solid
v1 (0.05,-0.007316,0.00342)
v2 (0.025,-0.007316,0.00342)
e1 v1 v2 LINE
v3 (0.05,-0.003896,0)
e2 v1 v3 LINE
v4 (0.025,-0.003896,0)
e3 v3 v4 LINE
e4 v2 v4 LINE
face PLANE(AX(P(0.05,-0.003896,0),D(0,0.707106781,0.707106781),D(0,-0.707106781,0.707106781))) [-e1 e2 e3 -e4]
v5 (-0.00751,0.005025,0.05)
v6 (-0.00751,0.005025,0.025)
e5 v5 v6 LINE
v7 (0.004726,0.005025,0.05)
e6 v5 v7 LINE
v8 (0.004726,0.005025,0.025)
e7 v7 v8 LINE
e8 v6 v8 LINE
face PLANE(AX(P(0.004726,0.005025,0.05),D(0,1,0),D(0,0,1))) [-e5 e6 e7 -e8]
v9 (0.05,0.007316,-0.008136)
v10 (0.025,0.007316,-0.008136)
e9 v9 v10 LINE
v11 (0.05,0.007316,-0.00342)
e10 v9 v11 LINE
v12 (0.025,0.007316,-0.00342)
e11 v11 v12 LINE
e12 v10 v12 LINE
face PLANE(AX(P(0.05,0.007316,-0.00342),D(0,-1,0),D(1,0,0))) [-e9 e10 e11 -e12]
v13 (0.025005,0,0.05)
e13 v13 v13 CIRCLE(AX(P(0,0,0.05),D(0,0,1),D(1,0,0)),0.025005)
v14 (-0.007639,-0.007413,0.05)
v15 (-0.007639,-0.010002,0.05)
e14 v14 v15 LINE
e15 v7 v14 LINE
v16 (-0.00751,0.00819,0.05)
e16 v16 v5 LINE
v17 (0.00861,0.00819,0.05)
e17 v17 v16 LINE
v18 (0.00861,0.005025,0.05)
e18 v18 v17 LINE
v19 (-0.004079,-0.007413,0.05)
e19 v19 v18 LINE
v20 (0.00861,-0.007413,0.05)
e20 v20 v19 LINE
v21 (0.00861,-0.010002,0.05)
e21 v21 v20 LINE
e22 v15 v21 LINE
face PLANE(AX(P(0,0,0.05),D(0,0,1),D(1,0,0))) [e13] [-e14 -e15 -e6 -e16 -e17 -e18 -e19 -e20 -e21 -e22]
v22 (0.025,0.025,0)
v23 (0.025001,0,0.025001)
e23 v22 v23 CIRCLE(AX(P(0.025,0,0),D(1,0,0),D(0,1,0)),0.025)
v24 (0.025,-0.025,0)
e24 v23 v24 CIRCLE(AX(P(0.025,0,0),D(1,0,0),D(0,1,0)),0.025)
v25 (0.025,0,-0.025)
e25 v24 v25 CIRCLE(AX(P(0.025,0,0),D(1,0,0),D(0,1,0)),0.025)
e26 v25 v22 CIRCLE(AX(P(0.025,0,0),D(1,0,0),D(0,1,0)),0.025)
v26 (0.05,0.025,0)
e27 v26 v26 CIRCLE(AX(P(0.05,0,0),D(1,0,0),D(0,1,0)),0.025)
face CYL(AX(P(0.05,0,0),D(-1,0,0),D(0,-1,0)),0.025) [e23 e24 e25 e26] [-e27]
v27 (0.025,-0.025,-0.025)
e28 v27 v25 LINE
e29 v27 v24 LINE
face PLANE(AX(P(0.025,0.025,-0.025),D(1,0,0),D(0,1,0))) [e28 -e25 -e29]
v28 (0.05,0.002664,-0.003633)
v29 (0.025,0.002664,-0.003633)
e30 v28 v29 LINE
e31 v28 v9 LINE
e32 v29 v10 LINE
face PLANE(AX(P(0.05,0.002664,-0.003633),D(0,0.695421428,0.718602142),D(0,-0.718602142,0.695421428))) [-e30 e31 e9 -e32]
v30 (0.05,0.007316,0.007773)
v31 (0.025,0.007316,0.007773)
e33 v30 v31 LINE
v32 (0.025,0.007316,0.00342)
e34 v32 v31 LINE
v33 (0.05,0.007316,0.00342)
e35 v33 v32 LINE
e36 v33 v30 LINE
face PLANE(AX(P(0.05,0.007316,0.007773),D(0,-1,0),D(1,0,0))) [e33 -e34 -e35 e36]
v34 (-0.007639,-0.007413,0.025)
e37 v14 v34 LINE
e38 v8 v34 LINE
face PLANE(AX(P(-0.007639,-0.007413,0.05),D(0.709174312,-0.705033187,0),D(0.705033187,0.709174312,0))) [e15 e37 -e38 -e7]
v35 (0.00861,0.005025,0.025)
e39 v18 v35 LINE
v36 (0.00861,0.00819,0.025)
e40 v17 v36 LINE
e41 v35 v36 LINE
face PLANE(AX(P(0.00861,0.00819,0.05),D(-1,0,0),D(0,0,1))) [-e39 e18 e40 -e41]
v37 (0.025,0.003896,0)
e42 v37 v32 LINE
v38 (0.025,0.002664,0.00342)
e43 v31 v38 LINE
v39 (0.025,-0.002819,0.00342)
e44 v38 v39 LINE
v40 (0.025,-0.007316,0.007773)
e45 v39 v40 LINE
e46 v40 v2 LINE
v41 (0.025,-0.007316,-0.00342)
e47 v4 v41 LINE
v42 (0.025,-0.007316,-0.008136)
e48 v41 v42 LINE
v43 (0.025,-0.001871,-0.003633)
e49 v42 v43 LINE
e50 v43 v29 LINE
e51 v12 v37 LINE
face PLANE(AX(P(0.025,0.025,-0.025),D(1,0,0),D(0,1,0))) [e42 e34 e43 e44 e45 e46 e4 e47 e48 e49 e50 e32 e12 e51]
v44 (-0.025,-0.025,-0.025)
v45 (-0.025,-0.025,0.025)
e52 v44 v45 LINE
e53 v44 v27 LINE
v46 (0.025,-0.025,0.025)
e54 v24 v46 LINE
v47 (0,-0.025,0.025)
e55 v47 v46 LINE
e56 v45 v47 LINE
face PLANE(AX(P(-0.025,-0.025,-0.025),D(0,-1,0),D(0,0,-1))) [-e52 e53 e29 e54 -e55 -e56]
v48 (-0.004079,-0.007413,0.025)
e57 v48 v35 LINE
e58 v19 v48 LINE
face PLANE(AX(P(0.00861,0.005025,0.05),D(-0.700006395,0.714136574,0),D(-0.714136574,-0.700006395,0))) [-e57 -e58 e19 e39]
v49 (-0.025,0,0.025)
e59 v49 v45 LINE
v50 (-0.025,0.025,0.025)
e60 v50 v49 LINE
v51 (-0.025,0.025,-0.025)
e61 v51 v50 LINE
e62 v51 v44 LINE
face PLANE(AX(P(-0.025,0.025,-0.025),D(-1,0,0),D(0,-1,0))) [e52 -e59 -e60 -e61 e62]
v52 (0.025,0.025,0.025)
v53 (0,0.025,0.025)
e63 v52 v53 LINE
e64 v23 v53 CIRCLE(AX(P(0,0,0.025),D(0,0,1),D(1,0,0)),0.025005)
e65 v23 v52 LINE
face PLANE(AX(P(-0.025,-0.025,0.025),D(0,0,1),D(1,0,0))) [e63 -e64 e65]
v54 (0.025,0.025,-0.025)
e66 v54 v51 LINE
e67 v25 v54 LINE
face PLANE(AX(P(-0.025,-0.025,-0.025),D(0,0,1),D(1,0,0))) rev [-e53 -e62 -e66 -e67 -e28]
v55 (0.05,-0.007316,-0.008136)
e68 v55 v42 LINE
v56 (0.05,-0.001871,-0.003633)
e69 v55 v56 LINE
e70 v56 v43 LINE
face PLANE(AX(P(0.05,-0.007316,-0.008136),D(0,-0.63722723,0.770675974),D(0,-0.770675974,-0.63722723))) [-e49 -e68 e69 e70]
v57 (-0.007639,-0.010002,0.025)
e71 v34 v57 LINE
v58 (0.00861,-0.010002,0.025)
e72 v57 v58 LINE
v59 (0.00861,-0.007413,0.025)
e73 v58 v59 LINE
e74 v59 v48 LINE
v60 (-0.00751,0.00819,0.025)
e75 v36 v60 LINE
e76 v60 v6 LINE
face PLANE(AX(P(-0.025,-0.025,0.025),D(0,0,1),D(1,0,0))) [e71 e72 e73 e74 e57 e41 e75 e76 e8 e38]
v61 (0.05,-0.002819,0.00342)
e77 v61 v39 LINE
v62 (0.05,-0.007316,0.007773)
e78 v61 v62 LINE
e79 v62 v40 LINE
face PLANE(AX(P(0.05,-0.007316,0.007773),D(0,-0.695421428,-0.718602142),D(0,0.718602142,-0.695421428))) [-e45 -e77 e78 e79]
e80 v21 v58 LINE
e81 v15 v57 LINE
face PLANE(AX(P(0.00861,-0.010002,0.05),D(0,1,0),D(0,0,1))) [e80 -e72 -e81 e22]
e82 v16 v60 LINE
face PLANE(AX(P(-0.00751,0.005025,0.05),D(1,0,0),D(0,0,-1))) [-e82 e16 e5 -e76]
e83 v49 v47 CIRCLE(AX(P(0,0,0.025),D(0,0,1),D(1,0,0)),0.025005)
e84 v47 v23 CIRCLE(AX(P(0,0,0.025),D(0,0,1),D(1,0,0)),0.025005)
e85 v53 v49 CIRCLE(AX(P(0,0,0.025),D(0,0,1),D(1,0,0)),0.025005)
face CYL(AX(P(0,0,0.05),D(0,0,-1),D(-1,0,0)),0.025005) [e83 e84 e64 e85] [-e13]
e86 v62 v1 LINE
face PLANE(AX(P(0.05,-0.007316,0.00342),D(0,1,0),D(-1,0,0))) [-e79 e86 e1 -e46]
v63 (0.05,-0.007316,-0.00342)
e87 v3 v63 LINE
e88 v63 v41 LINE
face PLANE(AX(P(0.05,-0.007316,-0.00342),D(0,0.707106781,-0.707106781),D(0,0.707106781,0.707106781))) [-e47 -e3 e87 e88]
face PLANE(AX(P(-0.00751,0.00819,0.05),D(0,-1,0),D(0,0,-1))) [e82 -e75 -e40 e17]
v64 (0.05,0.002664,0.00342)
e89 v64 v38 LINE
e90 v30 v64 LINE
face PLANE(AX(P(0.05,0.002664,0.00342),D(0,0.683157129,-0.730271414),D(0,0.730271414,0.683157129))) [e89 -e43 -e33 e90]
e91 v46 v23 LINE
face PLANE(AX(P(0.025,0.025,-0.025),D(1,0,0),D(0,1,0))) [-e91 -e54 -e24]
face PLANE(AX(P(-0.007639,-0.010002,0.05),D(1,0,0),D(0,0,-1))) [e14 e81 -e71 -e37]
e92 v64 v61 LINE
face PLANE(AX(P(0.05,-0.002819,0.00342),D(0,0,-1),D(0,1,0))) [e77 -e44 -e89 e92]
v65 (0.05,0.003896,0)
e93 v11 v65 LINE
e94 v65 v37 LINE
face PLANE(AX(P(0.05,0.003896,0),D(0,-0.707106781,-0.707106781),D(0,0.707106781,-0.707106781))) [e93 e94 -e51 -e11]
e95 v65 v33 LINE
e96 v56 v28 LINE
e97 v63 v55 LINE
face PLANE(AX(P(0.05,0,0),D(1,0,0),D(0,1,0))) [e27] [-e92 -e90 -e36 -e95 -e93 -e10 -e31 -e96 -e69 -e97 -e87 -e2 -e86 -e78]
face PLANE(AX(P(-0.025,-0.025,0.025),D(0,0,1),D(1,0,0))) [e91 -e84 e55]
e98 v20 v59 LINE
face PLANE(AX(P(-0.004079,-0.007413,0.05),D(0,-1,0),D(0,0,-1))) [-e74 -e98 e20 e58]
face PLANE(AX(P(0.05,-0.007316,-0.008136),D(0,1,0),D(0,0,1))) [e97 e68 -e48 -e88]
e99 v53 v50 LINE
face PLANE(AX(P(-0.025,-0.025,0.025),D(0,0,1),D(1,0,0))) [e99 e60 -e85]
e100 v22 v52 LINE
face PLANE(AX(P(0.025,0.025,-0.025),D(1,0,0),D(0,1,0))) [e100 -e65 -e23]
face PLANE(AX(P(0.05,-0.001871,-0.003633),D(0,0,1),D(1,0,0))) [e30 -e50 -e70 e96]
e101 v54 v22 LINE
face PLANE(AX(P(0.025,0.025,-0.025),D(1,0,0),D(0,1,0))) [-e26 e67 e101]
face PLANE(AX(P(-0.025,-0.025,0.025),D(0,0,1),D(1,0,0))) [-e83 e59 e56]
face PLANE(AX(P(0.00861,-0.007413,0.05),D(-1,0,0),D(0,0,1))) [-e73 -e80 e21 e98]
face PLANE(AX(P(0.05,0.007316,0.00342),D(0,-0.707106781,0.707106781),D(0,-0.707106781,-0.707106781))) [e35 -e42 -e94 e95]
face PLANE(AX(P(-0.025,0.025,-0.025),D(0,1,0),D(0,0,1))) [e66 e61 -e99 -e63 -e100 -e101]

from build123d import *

# Parameters (mm, degrees)
EXTRUDE1_DEPTH      = 0.025
EXTRUDE1_DEPTH_BACK = 0.025
SKETCH1_W           = 0.05
SKETCH1_H           = 0.05
SKETCH3_R           = 0.025004715
EXTRUDE2_DEPTH      = 0.025
SKETCH4_R           = 0.025
EXTRUDE3_DEPTH      = 0.025


with BuildPart() as part:
    # Sketch1 → Extrude1 (new, two sides: drawn at the far end of the back side and taken through both)
    with BuildSketch(Plane.XY.offset(-EXTRUDE1_DEPTH_BACK)):
        Rectangle(SKETCH1_W, SKETCH1_H)
    extrude(amount=EXTRUDE1_DEPTH + EXTRUDE1_DEPTH_BACK)

    # Sketch3 → Extrude2 (add)
    with BuildSketch(Plane.XY.offset(0.025)):
        Circle(SKETCH3_R)
        Polygon((-0.007509787, 0.008189552), (0.008610359, 0.008189552), (0.008610359, 0.005025204), (-0.004078591, -0.007412678), (0.008610359, -0.007412678), (0.008610359, -0.01000226), (-0.007639266, -0.01000226), (-0.007639266, -0.007412678), (0.004725987, 0.005025204), (-0.007509787, 0.005025204), align=None, mode=Mode.SUBTRACT)
    extrude(amount=EXTRUDE2_DEPTH)

    # Sketch4 → Extrude3 (add)
    with BuildSketch(Plane(origin=(0.025, 0, 0), x_dir=(0, 0, -1), z_dir=(1, 0, 0))):
        Circle(SKETCH4_R)
        Polygon((-0.007772542, 0.007316304), (-0.003420279, 0.007316304), (0, 0.003896025), (0.003420279, 0.007316304), (0.00813573, 0.007316304), (0.003633389, 0.002663885), (0.003633389, -0.001871079), (0.00813573, -0.007316304), (0.003420279, -0.007316304), (0, -0.003896025), (-0.003420279, -0.007316304), (-0.007772542, -0.007316304), (-0.003420279, -0.002818966), (-0.003420279, 0.002663885), align=None, mode=Mode.SUBTRACT)
    extrude(amount=EXTRUDE3_DEPTH)


solid = part.part
